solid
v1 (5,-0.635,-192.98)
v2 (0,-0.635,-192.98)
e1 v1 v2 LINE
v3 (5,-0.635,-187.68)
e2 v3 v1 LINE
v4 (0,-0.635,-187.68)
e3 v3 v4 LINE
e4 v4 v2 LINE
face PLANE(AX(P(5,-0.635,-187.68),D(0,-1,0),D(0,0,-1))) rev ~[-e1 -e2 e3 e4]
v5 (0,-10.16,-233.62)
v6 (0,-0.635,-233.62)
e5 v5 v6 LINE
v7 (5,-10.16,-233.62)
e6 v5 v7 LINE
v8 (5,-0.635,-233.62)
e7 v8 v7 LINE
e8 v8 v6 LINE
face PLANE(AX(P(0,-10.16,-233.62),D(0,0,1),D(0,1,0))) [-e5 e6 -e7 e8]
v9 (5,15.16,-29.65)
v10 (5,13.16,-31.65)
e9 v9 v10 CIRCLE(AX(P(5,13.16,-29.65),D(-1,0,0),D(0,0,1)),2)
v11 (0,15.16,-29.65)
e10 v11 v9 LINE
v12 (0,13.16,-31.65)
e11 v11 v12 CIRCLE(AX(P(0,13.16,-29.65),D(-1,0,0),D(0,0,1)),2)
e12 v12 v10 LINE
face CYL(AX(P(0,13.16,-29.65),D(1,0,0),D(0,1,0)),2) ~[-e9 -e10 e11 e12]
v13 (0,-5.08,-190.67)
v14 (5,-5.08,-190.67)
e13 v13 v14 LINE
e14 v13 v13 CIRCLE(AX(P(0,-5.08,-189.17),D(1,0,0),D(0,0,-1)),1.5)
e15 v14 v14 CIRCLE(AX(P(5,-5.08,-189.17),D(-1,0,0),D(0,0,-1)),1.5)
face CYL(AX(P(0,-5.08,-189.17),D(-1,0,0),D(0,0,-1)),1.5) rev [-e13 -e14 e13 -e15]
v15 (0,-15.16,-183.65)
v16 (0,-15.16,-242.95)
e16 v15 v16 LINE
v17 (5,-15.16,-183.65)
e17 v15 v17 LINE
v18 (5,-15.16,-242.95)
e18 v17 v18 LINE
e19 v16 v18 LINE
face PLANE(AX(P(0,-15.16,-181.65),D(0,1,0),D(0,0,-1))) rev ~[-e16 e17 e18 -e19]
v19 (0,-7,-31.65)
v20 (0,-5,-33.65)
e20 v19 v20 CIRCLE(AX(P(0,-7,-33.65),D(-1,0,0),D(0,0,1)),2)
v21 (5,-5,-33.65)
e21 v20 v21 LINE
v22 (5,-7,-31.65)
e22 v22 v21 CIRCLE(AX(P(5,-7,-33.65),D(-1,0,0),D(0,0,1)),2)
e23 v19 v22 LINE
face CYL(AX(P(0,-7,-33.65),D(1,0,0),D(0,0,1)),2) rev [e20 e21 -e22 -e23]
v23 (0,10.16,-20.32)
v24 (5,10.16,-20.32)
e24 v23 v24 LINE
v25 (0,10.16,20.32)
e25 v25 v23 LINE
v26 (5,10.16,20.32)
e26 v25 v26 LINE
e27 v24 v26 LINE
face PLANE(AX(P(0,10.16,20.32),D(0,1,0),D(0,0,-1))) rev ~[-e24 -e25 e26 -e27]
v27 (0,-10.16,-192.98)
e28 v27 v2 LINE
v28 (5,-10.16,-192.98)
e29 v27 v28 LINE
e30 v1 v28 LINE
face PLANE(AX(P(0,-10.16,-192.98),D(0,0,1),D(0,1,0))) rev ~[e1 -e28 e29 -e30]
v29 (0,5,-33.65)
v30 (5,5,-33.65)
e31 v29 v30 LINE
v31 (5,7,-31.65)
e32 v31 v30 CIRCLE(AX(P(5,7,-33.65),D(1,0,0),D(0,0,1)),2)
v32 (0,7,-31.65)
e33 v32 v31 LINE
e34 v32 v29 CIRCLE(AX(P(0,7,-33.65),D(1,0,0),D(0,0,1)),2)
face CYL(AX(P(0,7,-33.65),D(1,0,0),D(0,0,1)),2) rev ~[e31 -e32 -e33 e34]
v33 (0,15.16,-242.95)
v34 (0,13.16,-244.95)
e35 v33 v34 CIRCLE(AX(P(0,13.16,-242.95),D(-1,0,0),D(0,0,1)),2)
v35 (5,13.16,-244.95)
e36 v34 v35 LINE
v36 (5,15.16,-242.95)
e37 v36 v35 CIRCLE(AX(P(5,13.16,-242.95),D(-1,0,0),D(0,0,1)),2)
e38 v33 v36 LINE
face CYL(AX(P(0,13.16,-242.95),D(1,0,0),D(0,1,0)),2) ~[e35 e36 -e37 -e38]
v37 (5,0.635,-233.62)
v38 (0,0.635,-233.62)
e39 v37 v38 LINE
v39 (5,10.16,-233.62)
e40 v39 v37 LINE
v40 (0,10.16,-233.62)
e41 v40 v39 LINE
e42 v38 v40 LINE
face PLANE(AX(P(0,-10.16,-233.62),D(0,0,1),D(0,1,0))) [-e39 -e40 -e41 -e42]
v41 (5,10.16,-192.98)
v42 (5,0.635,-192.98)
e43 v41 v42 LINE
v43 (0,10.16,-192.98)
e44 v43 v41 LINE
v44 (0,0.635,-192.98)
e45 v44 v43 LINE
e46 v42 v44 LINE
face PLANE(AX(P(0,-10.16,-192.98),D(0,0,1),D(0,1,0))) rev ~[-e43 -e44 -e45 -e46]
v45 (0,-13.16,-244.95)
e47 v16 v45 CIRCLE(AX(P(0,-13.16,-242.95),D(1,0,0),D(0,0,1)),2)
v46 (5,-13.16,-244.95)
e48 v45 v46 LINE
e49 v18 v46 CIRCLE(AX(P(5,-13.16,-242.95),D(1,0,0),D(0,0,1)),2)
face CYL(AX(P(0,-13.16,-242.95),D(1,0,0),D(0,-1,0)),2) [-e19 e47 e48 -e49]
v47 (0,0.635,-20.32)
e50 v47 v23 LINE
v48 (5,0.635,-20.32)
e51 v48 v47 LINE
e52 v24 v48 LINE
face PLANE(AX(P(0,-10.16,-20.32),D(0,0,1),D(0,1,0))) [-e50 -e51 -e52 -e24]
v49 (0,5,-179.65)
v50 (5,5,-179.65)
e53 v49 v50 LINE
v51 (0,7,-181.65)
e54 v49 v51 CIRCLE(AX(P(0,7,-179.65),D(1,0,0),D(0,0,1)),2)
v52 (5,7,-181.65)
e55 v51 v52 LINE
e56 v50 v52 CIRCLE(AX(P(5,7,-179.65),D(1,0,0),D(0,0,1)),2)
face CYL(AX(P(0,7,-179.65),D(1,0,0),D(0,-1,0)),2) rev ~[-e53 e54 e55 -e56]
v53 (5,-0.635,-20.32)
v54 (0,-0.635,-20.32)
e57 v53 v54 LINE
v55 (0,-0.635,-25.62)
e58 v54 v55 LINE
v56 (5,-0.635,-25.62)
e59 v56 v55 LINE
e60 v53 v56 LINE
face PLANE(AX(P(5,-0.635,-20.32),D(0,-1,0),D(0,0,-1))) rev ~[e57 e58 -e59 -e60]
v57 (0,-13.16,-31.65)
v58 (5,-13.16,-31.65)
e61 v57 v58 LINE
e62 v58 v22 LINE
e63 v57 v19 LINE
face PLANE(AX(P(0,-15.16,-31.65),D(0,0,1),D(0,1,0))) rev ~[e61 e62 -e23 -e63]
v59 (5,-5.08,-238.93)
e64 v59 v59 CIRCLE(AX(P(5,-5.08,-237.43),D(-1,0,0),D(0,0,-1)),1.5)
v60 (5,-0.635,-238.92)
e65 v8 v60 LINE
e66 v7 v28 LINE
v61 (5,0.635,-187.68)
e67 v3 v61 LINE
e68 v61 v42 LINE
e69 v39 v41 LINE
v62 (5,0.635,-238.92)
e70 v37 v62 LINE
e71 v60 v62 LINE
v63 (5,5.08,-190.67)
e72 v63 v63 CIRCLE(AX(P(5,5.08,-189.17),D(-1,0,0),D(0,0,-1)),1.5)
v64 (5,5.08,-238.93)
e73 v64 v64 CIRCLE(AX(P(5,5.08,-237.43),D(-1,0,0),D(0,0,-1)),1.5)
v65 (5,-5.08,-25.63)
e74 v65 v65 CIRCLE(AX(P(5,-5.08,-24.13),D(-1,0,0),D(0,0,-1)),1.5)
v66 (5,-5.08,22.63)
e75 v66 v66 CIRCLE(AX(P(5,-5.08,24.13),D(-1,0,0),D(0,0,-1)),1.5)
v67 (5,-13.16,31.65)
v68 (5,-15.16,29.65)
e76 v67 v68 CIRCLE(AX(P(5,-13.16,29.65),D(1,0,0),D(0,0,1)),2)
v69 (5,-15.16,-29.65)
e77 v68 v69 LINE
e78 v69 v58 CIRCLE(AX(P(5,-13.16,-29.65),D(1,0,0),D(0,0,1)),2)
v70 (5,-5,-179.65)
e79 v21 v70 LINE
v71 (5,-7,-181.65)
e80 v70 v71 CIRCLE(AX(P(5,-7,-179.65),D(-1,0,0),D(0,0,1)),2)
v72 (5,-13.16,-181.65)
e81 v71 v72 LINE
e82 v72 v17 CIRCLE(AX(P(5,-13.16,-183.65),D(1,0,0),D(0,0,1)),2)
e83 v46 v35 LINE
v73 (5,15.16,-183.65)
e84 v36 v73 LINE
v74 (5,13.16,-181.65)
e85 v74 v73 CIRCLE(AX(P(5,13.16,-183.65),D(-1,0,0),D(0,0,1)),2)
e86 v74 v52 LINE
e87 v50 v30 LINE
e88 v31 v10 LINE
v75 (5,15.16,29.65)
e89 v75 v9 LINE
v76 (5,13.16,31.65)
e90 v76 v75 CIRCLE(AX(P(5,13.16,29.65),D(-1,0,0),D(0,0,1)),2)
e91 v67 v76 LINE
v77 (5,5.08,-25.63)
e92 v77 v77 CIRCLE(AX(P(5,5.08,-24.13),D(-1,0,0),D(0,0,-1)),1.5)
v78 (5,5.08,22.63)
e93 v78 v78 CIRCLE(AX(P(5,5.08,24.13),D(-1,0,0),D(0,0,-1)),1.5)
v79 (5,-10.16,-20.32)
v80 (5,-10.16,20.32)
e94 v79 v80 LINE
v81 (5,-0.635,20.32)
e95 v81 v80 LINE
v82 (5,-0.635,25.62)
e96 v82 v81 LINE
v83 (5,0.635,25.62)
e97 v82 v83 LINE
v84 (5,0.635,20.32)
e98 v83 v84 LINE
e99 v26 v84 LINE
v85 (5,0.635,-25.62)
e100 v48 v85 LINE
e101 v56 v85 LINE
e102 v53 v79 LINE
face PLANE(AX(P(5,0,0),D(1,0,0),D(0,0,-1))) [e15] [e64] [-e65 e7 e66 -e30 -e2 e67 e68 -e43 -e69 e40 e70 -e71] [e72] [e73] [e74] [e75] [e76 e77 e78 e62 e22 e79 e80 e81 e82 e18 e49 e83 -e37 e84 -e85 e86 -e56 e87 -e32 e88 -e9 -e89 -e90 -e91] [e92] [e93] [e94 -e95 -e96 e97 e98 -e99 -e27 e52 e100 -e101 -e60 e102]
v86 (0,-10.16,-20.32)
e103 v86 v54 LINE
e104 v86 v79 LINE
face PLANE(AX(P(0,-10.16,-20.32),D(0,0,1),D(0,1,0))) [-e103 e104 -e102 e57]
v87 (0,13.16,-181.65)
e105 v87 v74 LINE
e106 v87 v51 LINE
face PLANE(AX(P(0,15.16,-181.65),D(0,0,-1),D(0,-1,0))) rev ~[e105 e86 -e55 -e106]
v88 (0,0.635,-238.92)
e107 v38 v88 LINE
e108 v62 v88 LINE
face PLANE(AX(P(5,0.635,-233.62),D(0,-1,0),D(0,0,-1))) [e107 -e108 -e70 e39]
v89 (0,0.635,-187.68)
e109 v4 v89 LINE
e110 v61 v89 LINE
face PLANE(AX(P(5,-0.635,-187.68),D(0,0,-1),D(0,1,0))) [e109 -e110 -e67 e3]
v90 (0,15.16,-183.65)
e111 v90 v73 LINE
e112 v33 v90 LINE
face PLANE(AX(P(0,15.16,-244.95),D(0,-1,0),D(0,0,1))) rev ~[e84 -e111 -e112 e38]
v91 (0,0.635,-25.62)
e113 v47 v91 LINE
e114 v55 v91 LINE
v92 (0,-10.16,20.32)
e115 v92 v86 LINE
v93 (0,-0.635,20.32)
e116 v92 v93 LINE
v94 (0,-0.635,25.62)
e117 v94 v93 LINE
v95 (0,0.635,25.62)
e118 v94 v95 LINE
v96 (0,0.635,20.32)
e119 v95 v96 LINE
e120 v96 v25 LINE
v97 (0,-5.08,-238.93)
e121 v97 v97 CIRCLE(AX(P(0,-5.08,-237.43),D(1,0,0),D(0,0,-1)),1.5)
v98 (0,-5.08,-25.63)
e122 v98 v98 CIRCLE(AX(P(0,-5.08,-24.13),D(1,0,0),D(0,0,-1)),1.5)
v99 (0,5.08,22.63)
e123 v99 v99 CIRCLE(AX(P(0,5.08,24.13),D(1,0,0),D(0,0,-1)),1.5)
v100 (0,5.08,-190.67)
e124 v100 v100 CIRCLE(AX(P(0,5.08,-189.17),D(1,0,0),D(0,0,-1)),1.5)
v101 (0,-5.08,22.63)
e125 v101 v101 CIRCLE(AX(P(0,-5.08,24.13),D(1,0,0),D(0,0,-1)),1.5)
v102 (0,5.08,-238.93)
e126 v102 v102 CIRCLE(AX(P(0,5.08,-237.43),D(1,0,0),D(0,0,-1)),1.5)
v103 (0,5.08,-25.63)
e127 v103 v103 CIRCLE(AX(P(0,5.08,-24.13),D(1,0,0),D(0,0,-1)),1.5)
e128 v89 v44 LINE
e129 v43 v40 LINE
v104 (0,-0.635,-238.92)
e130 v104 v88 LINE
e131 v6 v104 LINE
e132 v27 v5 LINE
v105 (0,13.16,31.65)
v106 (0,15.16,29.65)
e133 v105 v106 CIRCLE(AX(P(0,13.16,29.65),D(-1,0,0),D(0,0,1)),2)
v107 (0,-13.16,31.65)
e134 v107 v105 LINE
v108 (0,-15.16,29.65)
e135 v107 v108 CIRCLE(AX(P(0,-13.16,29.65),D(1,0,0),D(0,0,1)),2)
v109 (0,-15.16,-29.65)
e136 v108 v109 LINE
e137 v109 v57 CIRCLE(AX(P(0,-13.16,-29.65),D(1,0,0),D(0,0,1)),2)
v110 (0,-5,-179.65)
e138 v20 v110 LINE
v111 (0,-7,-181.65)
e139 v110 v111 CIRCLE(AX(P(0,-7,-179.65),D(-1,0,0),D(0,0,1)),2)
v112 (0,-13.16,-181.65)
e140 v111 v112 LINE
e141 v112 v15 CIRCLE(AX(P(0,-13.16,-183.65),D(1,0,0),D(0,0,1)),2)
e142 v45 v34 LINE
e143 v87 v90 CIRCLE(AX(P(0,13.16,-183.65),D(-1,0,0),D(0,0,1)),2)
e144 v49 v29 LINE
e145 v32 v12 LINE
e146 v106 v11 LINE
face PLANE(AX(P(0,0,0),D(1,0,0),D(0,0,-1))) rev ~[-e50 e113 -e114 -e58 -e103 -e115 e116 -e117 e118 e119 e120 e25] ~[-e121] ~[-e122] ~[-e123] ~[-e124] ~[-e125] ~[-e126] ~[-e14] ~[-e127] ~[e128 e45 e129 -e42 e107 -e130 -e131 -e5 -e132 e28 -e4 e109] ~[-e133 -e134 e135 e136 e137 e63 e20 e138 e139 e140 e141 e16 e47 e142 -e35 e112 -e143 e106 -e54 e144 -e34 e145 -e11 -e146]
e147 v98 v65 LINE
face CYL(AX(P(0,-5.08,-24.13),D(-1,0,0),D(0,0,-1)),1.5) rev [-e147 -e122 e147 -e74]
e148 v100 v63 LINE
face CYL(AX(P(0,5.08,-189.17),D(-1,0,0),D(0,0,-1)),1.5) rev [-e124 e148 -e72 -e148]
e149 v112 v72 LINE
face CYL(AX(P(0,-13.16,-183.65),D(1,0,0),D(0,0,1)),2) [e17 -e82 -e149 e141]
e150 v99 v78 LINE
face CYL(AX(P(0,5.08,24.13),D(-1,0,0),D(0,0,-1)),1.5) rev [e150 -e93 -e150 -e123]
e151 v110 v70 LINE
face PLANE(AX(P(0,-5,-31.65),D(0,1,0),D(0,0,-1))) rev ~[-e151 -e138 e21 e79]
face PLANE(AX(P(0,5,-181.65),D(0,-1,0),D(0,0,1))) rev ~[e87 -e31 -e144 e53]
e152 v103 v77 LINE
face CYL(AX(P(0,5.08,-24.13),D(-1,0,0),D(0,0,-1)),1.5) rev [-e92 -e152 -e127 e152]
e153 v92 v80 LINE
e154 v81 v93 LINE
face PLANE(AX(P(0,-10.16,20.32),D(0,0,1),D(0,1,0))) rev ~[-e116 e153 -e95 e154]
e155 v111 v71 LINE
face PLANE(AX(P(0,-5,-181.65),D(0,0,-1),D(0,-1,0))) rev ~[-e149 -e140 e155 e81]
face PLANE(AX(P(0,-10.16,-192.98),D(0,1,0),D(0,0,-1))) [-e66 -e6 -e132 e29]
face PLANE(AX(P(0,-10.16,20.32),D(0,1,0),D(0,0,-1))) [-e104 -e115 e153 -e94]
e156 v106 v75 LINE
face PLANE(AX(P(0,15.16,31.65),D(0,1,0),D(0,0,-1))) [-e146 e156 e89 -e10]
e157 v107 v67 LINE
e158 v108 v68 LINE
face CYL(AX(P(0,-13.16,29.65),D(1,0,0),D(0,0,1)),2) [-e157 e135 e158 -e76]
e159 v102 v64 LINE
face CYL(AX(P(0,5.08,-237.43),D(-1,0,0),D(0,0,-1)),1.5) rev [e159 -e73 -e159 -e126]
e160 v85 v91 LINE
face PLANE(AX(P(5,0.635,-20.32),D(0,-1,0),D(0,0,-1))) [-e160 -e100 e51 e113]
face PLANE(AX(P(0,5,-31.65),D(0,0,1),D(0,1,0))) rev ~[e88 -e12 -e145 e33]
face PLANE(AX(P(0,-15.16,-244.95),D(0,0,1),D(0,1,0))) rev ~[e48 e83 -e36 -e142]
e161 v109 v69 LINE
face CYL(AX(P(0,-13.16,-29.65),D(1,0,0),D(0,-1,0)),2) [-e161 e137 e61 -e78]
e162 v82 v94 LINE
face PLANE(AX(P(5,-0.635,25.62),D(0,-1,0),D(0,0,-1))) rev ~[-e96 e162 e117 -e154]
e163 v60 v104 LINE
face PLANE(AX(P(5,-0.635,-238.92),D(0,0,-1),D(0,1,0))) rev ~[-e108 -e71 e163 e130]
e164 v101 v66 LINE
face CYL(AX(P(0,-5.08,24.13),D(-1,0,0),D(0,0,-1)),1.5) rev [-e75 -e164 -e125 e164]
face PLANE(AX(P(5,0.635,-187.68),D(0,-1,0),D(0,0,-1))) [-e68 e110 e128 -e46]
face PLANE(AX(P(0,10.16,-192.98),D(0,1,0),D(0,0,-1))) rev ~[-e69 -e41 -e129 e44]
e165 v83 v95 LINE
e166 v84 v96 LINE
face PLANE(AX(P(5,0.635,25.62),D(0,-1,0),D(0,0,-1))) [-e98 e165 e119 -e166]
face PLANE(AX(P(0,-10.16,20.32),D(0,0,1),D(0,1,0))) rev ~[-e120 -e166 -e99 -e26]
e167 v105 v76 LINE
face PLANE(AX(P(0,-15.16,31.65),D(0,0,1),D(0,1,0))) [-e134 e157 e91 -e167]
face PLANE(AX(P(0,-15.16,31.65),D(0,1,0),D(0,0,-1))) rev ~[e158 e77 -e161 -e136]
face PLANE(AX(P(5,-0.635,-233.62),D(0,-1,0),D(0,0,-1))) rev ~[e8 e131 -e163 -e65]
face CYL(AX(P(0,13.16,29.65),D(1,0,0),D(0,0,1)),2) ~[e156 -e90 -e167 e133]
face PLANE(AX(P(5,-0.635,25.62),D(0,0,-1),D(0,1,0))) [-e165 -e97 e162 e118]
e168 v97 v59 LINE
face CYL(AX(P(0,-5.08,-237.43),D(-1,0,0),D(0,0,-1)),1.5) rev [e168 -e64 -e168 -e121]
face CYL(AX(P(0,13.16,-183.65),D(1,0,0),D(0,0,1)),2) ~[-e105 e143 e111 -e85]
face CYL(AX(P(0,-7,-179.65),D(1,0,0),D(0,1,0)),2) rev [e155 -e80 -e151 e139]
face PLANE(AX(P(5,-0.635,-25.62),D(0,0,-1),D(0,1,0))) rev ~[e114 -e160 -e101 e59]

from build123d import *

# Parameters (mm, degrees)
BOSS_EXTRUDE1_DEPTH = 5
SKETCH1_R           = 1.5
SKETCH1_W           = 40.64
SKETCH1_H           = 20.32
CUT_EXTRUDE7_DEPTH  = 246.469607284
FILLET1_R           = 2
SKETCH4_W           = 5.3
SKETCH4_H           = 1.27
CUT_EXTRUDE8_DEPTH  = 246.469607284
SKETCH5_W           = 5.3
SKETCH5_H           = 1.27
CUT_EXTRUDE9_DEPTH  = 246.469607284


with BuildPart() as part:
    # Sketch2 → Boss-Extrude1 (new body)
    with BuildSketch(Plane(origin=(0, 0, 0), x_dir=(0, 0, -1), z_dir=(1, 0, 0))):
        Polygon((31.65, -15.16), (31.65, -5), (181.65, -5), (181.65, -15.16), (244.95, -15.16), (244.95, 15.16), (181.65, 15.16), (181.65, 5), (31.65, 5), (31.65, 15.16), (-31.65, 15.16), (-31.65, -15.16), align=None)
    extrude(amount=BOSS_EXTRUDE1_DEPTH)

    # Sketch1 → Cut-Extrude7 (cut, through all)
    with BuildSketch(Plane(origin=(0, 0, 0), x_dir=(0, 0, -1), z_dir=(1, 0, 0))):
        with Locations((-24.13, 5.08)):
            Circle(SKETCH1_R)
        with Locations((-24.13, -5.08)):
            Circle(SKETCH1_R)
        with Locations((24.13, 5.08)):
            Circle(SKETCH1_R)
        with Locations((24.13, -5.08)):
            Circle(SKETCH1_R)
        with Locations((189.17, -5.08)):
            Circle(SKETCH1_R)
        with Locations((189.17, 5.08)):
            Circle(SKETCH1_R)
        with Locations((237.43, -5.08)):
            Circle(SKETCH1_R)
        with Locations((237.43, 5.08)):
            Circle(SKETCH1_R)
        Rectangle(SKETCH1_W, SKETCH1_H)
        with Locations((213.3, 0)):
            Rectangle(SKETCH1_W, SKETCH1_H)
    extrude(amount=CUT_EXTRUDE7_DEPTH, mode=Mode.SUBTRACT)

    # Fillet1
    fillet1_edges = [part.edges().sort_by_distance(p)[0] for p in [
        (2.5, 15.16, 31.65),
        (2.5, 15.16, -31.65),
        (2.5, 5, -31.65),
        (2.5, -15.16, -31.65),
        (2.5, -5, -31.65),
        (2.5, -15.16, 31.65),
        (2.5, -5, -181.65),
        (2.5, -15.16, -181.65),
        (2.5, -15.16, -244.95),
        (2.5, 15.16, -244.95),
        (2.5, 5, -181.65),
        (2.5, 15.16, -181.65),
    ]]
    fillet(fillet1_edges, radius=FILLET1_R)

    # Sketch4 → Cut-Extrude8 (cut, through all)
    with BuildSketch(Plane(origin=(5, 0, 0), x_dir=(0, 0, -1), z_dir=(1, 0, 0))):
        with Locations((-22.97, 0)):
            Rectangle(SKETCH4_W, SKETCH4_H)
        with Locations((22.97, 0)):
            Rectangle(SKETCH4_W, SKETCH4_H)
    extrude(amount=-CUT_EXTRUDE8_DEPTH, mode=Mode.SUBTRACT)

    # Sketch5 → Cut-Extrude9 (cut, through all)
    with BuildSketch(Plane(origin=(5, 0, 0), x_dir=(0, 0, -1), z_dir=(1, 0, 0))):
        with Locations((236.27, 0)):
            Rectangle(SKETCH5_W, SKETCH5_H)
        with Locations((190.33, 0)):
            Rectangle(SKETCH5_W, SKETCH5_H)
    extrude(amount=-CUT_EXTRUDE9_DEPTH, mode=Mode.SUBTRACT)


solid = part.part
